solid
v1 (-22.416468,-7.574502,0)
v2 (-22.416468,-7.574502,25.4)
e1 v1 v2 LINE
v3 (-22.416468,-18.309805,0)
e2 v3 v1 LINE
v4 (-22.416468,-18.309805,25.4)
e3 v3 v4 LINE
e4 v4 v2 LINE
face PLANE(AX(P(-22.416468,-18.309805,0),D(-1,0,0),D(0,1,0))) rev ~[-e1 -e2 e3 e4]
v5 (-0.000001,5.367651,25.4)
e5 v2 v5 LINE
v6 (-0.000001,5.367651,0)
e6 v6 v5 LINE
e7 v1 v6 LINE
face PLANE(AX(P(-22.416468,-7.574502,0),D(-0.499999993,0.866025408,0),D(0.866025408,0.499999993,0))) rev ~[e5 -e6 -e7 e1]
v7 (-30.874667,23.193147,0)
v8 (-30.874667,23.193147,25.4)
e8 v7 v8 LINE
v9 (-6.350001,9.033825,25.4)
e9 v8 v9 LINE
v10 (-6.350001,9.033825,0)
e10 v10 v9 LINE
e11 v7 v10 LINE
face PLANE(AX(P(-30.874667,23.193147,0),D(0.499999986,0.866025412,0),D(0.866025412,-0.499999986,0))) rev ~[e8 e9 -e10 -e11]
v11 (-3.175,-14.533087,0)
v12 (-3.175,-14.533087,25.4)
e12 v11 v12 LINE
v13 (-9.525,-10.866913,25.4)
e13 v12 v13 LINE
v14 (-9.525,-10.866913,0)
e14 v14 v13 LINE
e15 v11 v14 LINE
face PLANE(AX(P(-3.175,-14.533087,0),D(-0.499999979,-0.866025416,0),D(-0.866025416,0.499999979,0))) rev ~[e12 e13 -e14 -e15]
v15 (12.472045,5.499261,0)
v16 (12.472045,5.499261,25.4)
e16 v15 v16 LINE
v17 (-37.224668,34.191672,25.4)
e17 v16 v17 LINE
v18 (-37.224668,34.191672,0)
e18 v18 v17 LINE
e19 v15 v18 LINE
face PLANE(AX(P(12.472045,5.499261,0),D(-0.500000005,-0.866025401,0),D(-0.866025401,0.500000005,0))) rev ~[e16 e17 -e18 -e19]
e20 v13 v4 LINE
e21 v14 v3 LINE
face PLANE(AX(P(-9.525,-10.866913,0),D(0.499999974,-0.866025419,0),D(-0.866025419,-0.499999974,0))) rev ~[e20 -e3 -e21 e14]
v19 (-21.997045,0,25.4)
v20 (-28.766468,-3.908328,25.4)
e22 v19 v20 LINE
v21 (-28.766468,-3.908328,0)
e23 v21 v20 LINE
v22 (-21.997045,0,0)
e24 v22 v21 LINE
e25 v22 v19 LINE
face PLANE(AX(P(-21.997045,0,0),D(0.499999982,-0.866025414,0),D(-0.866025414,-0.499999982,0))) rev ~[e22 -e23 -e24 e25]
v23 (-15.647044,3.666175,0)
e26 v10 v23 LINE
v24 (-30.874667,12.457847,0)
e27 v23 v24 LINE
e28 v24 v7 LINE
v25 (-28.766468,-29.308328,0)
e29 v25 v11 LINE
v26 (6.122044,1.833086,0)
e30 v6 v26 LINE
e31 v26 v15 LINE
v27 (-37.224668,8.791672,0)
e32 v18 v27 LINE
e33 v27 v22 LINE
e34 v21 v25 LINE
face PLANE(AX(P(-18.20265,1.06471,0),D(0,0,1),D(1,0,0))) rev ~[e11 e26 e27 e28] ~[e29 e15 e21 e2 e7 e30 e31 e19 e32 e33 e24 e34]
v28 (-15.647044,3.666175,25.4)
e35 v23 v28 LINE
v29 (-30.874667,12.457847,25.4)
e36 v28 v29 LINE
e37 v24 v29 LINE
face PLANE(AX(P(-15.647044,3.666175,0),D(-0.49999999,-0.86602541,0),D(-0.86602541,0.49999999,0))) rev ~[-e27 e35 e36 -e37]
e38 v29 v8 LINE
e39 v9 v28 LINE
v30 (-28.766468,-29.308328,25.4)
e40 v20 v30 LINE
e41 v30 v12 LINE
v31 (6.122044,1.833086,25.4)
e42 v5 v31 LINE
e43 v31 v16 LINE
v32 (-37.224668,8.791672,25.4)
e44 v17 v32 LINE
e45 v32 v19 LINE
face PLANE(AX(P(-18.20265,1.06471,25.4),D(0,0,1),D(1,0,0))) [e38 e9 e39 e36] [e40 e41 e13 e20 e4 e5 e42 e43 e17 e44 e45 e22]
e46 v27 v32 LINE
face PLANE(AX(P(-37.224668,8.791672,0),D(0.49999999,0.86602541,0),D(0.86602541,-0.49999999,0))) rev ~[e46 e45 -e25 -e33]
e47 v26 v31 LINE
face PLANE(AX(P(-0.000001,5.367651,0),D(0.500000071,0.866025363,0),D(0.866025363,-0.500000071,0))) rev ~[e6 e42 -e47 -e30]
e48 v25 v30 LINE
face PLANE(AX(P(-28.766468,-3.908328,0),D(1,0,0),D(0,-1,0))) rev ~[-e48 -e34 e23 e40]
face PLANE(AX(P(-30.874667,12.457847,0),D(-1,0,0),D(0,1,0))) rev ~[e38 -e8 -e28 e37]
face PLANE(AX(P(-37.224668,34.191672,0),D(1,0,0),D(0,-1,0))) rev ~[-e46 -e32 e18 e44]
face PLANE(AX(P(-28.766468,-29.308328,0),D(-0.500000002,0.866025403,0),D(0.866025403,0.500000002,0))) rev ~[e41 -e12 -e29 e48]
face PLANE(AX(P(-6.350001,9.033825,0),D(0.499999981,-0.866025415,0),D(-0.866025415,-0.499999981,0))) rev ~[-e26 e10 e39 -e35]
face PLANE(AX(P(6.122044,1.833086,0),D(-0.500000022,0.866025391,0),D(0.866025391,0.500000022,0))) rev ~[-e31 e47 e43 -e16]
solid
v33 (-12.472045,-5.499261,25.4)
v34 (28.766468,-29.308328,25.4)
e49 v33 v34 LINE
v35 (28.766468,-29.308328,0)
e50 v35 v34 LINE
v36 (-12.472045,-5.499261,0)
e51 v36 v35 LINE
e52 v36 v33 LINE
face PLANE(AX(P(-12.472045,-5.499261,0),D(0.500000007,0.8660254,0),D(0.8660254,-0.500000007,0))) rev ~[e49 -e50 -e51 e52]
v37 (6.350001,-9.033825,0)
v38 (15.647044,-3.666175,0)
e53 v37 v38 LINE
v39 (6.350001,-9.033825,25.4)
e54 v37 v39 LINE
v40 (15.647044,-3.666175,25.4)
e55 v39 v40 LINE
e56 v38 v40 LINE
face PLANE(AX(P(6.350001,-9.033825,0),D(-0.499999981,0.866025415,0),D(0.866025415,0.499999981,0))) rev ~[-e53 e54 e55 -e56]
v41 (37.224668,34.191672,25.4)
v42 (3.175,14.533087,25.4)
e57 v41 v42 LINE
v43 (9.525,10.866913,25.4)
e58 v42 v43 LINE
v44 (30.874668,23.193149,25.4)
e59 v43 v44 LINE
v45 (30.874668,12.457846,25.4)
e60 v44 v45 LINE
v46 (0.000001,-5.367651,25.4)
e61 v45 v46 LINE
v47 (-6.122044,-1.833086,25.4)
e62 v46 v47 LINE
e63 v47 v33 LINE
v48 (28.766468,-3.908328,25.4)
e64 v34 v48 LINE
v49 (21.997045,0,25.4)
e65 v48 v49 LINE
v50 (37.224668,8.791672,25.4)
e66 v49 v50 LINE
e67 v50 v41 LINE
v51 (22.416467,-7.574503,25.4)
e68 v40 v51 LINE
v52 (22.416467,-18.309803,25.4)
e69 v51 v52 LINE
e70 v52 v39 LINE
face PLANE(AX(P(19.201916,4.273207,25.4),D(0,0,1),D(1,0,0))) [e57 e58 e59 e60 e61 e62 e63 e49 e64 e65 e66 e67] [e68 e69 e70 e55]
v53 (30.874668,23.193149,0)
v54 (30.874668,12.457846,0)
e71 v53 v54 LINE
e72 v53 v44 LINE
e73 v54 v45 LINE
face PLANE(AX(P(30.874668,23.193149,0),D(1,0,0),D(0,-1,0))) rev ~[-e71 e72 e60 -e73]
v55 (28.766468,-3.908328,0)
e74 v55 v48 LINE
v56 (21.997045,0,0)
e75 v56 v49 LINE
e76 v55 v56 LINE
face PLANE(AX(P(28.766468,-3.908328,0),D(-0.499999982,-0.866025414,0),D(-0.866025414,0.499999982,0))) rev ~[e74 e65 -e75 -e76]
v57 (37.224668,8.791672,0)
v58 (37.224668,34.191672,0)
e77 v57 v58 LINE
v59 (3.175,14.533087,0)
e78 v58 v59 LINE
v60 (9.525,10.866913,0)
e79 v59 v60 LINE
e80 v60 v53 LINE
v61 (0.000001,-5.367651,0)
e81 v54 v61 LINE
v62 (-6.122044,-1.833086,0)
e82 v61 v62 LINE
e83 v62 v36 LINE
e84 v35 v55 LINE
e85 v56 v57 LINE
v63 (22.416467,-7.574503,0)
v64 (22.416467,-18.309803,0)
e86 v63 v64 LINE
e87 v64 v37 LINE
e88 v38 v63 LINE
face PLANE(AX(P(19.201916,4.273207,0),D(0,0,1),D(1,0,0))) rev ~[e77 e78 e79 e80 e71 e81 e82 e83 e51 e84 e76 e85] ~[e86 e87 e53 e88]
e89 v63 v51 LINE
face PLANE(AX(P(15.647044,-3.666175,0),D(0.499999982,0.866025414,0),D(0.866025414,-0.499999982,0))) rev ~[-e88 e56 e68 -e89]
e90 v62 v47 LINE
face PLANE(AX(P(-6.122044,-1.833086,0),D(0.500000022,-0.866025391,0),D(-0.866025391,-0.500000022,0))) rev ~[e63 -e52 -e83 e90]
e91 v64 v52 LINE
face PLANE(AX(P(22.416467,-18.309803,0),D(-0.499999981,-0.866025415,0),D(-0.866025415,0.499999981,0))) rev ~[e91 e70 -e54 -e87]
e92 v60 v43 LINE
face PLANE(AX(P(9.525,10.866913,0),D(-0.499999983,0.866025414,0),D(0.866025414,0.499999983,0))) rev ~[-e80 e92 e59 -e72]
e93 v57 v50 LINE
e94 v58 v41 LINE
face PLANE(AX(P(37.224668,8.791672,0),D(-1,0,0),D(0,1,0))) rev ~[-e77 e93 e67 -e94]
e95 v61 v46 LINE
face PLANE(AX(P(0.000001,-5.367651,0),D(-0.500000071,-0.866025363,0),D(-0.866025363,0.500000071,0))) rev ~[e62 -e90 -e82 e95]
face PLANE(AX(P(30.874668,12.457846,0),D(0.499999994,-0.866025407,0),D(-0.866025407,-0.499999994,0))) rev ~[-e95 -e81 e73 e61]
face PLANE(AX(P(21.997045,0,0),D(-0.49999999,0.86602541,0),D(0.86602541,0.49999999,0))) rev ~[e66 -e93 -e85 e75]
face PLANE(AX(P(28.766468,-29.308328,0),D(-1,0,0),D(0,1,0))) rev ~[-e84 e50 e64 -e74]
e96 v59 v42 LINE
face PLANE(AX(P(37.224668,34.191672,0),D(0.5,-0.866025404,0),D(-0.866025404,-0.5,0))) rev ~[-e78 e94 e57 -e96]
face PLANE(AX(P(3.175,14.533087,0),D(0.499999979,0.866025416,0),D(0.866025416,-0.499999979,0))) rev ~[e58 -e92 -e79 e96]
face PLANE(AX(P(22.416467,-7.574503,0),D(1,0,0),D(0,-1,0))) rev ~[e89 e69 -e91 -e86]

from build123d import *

# Parameters (mm, degrees)
F2_DEPTH = 25.4


with BuildPart() as f2:
    # F1 (on Top) → F2 (new body)
    with BuildSketch(Plane.XY):
        Polygon((12.472045, 5.499261), (-37.224668, 34.191672), (-37.224668, 8.791672), (-21.997045, 0), (-28.766468, -3.908328), (-28.766468, -29.308328), (-3.175, -14.533087), (-9.525, -10.866913), (-22.416468, -18.309805), (-22.416468, -7.574502), (-1e-06, 5.367651), (6.122044, 1.833086), align=None)
        Polygon((-30.874667, 12.457847), (-30.874667, 23.193147), (-6.350001, 9.033825), (-15.647044, 3.666175), align=None, mode=Mode.SUBTRACT)
        Polygon((-12.472045, -5.499261), (28.766468, -29.308328), (28.766468, -3.908328), (21.997045, 0), (37.224668, 8.791672), (37.224668, 34.191672), (3.175, 14.533087), (9.525, 10.866913), (30.874668, 23.193149), (30.874668, 12.457846), (1e-06, -5.367651), (-6.122044, -1.833086), align=None)
        Polygon((15.647044, -3.666175), (22.416467, -7.574503), (22.416467, -18.309803), (6.350001, -9.033825), align=None, mode=Mode.SUBTRACT)
    extrude(amount=F2_DEPTH)


solid = f2.part
